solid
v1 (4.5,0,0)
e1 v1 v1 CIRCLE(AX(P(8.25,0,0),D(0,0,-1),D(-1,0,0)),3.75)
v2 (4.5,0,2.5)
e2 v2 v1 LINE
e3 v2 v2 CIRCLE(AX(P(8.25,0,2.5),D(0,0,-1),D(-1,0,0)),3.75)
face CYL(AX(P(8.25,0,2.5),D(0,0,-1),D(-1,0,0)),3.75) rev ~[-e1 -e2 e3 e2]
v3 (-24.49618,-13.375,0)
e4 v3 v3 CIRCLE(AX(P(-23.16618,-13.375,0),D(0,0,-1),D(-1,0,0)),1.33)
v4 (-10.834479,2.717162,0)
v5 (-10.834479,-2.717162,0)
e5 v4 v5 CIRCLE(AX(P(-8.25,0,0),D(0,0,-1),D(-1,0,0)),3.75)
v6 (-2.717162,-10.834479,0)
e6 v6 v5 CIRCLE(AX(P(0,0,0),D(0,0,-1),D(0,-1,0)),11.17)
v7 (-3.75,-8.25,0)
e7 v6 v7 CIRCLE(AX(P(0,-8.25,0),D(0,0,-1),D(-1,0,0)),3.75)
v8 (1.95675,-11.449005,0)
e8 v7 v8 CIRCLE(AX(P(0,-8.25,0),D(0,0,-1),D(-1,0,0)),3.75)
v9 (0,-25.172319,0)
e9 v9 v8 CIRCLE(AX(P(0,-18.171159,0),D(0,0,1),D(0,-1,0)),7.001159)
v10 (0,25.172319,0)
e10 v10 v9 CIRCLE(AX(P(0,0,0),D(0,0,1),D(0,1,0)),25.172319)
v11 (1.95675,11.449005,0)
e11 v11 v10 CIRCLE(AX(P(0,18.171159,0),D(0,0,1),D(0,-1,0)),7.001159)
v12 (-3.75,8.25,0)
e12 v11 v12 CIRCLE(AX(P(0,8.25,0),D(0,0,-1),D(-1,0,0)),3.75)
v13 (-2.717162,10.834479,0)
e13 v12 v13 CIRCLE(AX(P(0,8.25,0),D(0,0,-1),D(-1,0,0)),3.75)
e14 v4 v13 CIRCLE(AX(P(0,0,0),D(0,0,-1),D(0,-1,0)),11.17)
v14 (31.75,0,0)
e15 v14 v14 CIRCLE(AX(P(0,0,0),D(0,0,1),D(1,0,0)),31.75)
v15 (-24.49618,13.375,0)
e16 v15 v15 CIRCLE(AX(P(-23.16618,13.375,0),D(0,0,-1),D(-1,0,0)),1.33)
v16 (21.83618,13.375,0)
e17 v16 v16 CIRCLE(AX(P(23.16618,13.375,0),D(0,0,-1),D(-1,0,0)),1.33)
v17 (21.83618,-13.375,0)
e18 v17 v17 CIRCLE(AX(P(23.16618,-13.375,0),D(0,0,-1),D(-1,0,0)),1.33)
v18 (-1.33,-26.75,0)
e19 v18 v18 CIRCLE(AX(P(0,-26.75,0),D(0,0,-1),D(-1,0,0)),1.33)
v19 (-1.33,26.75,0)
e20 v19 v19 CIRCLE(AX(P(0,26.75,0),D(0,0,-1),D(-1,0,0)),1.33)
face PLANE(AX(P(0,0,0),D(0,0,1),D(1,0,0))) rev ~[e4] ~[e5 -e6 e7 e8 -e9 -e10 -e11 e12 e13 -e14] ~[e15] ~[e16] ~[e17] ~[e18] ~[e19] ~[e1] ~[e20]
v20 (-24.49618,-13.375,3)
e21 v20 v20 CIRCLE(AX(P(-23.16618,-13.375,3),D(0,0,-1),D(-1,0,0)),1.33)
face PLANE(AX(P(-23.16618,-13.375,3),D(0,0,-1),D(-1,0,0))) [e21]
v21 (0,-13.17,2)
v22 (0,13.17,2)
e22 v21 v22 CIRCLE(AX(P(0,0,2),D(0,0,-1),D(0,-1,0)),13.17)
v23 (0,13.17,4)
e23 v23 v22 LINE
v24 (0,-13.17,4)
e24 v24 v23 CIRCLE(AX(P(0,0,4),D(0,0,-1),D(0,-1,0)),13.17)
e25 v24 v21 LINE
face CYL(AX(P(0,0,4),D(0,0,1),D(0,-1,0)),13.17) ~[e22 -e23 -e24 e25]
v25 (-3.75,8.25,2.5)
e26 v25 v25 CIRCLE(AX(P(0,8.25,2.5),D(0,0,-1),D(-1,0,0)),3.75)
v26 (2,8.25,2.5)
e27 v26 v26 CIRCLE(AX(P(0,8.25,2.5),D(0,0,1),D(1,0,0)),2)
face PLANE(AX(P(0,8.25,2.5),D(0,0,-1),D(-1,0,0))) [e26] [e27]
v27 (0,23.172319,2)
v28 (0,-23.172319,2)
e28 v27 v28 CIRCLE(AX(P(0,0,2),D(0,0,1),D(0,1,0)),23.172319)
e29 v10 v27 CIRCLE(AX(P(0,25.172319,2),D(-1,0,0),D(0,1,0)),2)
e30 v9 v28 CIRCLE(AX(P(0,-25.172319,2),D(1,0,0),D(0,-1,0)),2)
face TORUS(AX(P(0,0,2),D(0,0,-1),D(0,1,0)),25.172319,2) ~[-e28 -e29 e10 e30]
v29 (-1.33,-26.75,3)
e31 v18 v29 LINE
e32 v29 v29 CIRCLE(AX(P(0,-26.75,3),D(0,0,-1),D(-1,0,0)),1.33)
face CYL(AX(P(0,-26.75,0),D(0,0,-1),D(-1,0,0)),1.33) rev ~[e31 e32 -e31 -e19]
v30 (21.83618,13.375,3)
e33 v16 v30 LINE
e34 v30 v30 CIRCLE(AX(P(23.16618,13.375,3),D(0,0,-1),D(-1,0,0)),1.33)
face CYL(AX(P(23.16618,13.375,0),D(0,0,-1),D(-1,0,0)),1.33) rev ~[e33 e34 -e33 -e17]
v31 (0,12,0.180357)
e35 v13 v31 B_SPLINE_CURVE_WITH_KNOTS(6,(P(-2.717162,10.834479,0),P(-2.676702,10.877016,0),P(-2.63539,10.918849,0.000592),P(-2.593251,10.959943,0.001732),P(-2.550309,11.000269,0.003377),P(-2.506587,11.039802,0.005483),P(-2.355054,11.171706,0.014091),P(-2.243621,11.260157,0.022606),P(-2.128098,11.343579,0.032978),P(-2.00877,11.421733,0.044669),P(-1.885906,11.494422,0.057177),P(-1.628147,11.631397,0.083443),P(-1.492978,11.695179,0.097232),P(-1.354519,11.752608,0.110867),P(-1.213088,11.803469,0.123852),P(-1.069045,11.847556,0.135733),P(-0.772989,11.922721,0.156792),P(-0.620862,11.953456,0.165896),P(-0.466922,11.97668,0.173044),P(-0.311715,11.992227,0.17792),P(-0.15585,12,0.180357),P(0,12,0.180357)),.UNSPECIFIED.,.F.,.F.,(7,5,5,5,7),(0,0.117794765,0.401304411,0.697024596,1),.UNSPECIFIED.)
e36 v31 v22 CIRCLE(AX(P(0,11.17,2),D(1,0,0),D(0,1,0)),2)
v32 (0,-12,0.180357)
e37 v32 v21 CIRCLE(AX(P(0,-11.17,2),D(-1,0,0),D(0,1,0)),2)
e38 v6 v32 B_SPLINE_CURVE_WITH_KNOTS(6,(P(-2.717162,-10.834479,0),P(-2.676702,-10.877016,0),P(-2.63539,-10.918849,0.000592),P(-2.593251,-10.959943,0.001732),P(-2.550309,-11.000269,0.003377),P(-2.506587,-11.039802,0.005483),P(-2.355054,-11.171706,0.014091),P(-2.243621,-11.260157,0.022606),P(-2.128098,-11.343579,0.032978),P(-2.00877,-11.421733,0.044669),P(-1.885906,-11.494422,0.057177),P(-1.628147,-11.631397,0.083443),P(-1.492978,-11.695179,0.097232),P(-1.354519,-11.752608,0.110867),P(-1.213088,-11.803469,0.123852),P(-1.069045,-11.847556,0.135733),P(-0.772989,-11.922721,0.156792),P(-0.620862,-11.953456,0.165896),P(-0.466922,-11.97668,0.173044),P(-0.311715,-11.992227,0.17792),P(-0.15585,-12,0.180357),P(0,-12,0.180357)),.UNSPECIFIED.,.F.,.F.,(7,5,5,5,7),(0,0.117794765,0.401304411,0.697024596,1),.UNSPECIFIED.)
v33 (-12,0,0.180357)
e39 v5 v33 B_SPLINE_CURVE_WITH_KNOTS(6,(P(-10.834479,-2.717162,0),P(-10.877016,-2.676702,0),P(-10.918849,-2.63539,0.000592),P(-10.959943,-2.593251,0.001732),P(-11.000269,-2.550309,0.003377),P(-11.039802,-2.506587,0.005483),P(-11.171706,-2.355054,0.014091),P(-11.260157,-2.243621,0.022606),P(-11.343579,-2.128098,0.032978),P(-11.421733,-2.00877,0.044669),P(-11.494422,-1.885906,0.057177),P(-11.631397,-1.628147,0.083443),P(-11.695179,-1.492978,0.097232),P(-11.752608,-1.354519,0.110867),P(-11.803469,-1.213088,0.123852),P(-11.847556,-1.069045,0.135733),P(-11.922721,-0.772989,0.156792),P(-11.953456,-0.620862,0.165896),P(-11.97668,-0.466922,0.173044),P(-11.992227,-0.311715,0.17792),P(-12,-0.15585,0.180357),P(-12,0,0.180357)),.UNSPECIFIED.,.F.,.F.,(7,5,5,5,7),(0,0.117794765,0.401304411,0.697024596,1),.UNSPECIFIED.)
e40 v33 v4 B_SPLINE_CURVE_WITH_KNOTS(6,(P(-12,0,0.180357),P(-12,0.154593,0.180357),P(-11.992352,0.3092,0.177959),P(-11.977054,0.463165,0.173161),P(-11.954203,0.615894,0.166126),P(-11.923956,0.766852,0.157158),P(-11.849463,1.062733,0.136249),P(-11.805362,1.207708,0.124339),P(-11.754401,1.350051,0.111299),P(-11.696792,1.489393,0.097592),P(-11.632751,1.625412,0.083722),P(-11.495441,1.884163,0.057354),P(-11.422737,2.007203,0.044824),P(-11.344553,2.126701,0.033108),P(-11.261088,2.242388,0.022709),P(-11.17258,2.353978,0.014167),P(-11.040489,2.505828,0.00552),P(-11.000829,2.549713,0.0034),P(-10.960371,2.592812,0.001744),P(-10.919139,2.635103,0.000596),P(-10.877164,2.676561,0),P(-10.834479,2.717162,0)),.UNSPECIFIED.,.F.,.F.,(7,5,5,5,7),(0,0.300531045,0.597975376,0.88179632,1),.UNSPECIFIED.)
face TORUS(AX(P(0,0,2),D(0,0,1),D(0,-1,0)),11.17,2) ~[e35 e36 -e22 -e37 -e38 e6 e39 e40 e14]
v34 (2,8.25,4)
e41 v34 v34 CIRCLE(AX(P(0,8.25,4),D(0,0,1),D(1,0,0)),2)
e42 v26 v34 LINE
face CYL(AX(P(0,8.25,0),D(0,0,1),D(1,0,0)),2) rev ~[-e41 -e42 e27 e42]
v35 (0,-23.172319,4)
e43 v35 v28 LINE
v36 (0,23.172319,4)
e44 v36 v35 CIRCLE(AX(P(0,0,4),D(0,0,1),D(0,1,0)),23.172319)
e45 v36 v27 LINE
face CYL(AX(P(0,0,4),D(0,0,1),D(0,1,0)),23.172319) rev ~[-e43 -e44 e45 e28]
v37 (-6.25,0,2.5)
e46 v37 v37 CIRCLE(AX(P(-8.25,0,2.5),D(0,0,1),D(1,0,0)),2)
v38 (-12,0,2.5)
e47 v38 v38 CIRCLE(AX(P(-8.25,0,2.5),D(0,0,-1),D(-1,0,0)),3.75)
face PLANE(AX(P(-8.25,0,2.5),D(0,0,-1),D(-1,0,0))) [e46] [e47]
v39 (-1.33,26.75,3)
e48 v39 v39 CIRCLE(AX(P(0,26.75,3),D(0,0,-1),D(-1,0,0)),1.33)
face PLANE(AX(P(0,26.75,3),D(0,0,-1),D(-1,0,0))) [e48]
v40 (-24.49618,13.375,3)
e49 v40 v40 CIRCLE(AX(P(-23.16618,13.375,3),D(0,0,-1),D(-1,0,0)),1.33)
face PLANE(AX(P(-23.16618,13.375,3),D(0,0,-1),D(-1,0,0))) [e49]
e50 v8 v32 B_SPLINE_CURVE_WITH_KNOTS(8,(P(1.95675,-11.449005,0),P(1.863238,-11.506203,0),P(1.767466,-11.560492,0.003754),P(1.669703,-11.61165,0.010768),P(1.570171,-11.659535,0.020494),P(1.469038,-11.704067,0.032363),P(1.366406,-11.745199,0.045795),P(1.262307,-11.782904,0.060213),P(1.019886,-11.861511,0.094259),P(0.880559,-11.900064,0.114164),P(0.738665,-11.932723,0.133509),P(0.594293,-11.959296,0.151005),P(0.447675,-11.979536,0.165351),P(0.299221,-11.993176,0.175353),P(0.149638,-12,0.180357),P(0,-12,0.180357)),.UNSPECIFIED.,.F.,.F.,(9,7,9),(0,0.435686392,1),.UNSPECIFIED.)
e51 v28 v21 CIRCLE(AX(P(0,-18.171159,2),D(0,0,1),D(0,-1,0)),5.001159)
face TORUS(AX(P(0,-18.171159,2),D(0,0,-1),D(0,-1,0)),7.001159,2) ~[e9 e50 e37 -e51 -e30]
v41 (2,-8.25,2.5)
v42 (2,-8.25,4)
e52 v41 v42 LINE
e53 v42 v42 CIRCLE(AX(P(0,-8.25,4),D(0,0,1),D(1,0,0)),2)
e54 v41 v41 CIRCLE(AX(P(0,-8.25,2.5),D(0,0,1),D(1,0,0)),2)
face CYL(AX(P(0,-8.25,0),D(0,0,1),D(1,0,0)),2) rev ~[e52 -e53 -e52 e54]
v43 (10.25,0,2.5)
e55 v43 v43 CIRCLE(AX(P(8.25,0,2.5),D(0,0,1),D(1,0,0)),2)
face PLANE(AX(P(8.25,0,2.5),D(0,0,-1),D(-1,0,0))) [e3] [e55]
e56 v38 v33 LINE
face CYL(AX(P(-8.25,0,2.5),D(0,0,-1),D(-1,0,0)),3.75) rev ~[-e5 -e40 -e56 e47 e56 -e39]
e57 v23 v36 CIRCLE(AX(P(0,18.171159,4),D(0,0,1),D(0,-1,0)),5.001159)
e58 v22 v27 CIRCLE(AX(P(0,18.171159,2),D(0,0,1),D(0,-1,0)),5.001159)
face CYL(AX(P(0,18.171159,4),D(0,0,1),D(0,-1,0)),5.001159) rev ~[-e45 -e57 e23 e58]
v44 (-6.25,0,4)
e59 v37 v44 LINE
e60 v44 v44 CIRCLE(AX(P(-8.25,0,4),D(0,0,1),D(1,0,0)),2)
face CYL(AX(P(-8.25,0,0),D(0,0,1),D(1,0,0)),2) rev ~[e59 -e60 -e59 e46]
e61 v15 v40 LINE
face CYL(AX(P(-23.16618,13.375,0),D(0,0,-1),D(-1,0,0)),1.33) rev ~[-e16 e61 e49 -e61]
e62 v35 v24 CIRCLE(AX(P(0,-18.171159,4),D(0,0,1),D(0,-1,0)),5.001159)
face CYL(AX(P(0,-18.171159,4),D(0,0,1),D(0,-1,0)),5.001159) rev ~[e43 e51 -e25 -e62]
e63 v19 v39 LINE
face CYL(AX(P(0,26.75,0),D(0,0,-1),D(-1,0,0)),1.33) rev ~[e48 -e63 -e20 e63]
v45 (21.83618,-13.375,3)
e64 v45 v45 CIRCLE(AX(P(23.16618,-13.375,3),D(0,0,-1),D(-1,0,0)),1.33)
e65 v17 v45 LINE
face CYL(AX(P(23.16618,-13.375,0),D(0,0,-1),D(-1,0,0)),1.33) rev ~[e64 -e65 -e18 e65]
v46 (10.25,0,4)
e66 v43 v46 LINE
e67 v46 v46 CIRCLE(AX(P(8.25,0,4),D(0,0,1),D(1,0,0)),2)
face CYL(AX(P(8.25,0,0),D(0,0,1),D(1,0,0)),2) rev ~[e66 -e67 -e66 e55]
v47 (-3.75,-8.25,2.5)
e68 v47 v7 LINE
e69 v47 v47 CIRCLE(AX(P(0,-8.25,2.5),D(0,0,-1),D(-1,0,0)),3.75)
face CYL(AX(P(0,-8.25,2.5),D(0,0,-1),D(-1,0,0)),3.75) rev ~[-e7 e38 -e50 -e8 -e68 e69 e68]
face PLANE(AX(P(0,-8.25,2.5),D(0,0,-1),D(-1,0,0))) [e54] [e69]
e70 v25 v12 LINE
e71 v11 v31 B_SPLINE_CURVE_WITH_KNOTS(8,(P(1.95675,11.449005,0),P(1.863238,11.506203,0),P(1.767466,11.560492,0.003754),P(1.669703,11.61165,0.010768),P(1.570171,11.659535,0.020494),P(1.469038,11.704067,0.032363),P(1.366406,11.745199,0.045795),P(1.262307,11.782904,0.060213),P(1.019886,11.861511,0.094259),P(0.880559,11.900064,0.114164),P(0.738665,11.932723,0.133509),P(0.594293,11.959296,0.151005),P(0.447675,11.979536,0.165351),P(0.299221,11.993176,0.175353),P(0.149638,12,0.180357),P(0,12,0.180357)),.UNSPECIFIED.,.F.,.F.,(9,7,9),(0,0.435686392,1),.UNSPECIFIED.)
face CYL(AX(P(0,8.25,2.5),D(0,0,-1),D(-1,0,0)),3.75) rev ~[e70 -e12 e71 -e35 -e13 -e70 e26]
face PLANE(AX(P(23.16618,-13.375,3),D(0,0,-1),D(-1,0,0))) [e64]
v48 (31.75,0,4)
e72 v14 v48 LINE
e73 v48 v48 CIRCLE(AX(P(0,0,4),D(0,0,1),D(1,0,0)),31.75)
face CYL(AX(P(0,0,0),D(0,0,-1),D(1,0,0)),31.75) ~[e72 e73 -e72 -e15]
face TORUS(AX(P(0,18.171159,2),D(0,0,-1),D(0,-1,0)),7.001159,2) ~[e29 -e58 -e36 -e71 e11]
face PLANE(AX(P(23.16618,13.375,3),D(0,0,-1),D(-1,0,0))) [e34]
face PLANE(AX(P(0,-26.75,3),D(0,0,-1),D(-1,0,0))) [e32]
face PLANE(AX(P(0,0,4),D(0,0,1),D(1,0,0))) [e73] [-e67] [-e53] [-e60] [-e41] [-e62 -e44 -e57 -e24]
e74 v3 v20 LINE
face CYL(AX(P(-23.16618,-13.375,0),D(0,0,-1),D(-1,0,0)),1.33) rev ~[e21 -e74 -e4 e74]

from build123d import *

# Parameters (mm, degrees)
SKETCH1_R                               = 31.75
ELBOW_PLATE_DEPTH                       = 4
SKETCH3_R                               = 1.33
SCREW_HOLES_DEPTH                       = 3
CABLE_SLOT_DEPTH                        = 4
FILLET1_R                               = 2
CBORE_FOR_M6_HEX_HEAD_BOLT1_D           = 4
CBORE_FOR_M6_HEX_HEAD_BOLT1_CBORE_D     = 7.5
CBORE_FOR_M6_HEX_HEAD_BOLT1_CBORE_DEPTH = 2.5


with BuildPart() as part:
    # Sketch1 → Elbow Plate (new body)
    with BuildSketch(Plane.XY):
        Circle(SKETCH1_R)
    extrude(amount=ELBOW_PLATE_DEPTH)

    # Sketch3 → Screw Holes (cut)
    with BuildSketch(Plane(origin=(0, 0, 0), x_dir=(-1, 0, 0), z_dir=(0, 0, -1))):
        with Locations((0, 26.75)):
            Circle(SKETCH3_R)
        with Locations((23.166179551, 13.375)):
            Circle(SKETCH3_R)
        with Locations((23.166179551, -13.375)):
            Circle(SKETCH3_R)
        with Locations((0, -26.75)):
            Circle(SKETCH3_R)
        with Locations((-23.166179551, -13.375)):
            Circle(SKETCH3_R)
        with Locations((-23.166179551, 13.375)):
            Circle(SKETCH3_R)
    extrude(amount=-SCREW_HOLES_DEPTH, mode=Mode.SUBTRACT)

    # Sketch4 → Cable Slot (cut)
    with BuildSketch(Plane.XY.offset(4)):
        with BuildLine():
            ThreePointArc((0, -23.172318516), (5.001159258, -18.171159258), (0, -13.17))
            ThreePointArc((0, -13.17), (-13.17, 0), (0, 13.17))
            ThreePointArc((0, 13.17), (5.001159258, 18.171159258), (0, 23.172318516))
            ThreePointArc((0, 23.172318516), (-23.172318516, 0), (0, -23.172318516))
        make_face()
    extrude(amount=-CABLE_SLOT_DEPTH, mode=Mode.SUBTRACT)

    # Fillet1
    fillet1_edges = [part.edges().sort_by_distance(p)[0] for p in [
        (-23.172318516, 0, 0),
        (5.001159258, 18.171159258, 0),
        (-13.17, 0, 0),
        (5.001159258, -18.171159258, 0),
    ]]
    fillet(fillet1_edges, radius=FILLET1_R)

    # CBORE for M6 Hex Head Bolt1 (through all)
    with Locations(Plane(origin=(0, 0, 0), x_dir=(-1, 0, 0), z_dir=(0, 0, -1))):
        with Locations((-8.25, 0), (0, -8.25), (8.25, 0), (0, 8.25)):
            CounterBoreHole(CBORE_FOR_M6_HEX_HEAD_BOLT1_D / 2, CBORE_FOR_M6_HEX_HEAD_BOLT1_CBORE_D / 2, CBORE_FOR_M6_HEX_HEAD_BOLT1_CBORE_DEPTH)


solid = part.part
